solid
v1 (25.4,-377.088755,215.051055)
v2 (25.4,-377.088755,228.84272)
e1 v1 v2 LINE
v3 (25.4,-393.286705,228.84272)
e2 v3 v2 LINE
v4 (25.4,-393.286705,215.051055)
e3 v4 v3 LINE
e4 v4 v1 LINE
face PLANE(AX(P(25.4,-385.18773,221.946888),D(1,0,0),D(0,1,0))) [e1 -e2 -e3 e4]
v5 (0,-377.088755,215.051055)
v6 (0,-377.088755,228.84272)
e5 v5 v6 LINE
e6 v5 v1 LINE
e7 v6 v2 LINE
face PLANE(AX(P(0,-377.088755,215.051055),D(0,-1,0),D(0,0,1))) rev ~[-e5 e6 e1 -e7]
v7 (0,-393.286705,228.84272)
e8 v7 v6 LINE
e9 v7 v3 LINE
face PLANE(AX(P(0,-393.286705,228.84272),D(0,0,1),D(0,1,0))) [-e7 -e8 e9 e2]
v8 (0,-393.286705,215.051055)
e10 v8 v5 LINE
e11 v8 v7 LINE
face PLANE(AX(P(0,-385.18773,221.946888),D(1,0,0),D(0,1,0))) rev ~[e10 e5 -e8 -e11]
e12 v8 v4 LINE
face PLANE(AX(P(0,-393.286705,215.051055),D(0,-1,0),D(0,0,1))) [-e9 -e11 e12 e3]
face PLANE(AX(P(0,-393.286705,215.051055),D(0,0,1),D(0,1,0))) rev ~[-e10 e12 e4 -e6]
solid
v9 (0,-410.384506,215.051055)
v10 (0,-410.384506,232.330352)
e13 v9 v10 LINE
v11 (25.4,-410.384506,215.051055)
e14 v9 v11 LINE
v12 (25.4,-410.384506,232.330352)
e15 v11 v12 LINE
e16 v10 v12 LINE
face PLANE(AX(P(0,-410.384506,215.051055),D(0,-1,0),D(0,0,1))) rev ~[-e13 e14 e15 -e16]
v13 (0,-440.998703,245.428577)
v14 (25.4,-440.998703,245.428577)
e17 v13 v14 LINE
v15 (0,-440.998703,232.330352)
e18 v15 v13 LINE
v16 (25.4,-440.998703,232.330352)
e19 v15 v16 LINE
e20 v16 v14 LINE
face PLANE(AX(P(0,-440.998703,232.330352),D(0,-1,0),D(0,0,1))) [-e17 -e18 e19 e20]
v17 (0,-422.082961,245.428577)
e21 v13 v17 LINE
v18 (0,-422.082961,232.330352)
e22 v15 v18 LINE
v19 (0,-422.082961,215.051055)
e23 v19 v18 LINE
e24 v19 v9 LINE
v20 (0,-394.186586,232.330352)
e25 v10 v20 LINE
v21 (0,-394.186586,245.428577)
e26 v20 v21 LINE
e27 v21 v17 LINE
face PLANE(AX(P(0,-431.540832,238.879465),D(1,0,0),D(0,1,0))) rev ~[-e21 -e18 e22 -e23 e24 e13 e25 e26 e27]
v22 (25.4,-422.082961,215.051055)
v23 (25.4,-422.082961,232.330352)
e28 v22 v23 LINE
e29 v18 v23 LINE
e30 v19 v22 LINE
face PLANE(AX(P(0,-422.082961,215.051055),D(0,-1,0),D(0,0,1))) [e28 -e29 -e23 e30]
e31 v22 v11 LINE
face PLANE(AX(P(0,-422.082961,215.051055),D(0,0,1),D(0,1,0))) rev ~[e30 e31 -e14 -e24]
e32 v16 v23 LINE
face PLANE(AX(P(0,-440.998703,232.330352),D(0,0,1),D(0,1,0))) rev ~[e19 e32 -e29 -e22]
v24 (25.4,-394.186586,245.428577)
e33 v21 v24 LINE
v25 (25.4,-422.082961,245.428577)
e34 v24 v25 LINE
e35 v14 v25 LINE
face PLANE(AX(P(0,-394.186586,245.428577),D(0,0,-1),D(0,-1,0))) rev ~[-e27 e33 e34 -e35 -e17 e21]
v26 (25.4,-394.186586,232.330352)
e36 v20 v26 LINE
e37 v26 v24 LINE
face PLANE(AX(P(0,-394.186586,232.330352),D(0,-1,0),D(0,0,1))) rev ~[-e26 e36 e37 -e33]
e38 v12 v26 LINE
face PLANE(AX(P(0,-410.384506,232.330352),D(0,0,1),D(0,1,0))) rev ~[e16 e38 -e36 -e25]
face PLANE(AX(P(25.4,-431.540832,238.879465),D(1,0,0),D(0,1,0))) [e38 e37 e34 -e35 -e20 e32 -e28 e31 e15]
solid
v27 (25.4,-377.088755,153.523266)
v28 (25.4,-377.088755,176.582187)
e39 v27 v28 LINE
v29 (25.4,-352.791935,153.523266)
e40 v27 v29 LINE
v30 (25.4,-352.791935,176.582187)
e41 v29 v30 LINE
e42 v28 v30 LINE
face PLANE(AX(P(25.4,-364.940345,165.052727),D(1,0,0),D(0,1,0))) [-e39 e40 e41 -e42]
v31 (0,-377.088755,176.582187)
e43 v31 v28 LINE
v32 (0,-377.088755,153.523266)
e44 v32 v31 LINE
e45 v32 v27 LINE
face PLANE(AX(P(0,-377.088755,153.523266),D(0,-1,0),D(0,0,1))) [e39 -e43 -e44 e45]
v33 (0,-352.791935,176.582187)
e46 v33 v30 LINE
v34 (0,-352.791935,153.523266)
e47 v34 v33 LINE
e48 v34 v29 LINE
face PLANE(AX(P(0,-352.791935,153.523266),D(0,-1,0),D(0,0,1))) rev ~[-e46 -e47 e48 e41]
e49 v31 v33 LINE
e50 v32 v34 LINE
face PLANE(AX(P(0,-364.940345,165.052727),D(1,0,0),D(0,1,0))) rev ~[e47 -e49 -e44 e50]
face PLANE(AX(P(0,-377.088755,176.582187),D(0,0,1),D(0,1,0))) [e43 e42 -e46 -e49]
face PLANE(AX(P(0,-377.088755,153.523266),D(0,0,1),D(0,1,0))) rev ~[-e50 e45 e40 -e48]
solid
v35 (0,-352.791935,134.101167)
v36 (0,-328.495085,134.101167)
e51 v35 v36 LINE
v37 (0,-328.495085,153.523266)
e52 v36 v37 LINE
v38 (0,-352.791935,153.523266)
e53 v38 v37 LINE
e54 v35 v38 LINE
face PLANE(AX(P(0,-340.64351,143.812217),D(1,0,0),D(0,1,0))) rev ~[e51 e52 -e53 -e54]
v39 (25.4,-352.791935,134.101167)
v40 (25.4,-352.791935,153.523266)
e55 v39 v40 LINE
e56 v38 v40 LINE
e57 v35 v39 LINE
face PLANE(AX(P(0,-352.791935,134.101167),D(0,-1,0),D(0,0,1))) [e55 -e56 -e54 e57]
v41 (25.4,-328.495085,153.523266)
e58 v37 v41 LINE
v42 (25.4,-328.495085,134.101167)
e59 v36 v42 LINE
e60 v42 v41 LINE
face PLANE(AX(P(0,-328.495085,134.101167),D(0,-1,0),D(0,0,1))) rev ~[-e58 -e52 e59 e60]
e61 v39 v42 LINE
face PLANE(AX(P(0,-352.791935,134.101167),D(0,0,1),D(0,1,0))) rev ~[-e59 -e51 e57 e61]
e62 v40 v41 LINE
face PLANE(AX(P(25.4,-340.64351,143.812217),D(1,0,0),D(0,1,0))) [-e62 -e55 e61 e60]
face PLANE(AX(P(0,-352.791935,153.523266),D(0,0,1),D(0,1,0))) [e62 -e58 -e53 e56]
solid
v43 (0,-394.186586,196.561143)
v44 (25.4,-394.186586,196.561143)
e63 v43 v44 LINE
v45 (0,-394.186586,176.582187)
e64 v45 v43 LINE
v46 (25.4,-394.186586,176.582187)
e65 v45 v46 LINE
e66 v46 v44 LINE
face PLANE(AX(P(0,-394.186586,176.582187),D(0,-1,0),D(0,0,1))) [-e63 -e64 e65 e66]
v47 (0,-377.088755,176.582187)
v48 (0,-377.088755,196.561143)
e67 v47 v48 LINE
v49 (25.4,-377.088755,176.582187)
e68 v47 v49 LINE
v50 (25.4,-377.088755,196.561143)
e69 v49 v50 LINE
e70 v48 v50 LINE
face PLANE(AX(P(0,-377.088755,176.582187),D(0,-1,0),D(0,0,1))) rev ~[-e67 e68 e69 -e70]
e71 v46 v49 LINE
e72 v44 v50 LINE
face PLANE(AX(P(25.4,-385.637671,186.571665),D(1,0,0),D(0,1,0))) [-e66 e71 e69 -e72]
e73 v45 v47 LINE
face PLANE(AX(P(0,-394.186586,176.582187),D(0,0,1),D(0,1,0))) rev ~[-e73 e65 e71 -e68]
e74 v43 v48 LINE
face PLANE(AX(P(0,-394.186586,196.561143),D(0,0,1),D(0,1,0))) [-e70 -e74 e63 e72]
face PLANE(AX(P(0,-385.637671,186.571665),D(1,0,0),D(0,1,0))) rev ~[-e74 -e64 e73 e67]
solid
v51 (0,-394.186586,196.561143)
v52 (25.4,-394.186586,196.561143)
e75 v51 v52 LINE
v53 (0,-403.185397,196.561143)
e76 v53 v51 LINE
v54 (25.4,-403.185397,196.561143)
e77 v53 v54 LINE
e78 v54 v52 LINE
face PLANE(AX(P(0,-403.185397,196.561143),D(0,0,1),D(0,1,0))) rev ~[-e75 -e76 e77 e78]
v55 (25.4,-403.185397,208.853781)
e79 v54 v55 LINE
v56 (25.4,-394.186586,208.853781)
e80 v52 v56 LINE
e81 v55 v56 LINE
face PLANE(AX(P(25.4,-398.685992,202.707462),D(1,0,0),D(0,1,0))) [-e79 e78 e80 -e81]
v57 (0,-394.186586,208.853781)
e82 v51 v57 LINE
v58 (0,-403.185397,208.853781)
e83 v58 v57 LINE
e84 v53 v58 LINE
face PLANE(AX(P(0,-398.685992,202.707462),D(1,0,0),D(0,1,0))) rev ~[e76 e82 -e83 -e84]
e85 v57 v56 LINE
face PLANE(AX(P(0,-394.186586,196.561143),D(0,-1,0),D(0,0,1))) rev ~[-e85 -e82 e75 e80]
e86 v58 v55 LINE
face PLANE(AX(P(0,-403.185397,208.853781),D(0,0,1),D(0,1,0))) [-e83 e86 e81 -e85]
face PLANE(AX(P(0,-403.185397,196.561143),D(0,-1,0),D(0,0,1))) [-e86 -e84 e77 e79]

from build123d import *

# Parameters (mm, degrees)
F0_W     = 18.9157426357
F0_H     = 13.0982249975
F0_W_2   = 11.6984546185
F0_H_2   = 17.2792971134
F1_DEPTH = 25.4
F0_W_3   = 24.296849966
F0_H_3   = 19.4220989943
F0_W_4   = 24.2968201637
F0_H_4   = 23.0589210987
F0_W_5   = 17.0978307724
F0_H_5   = 19.9789553881
F0_W_6   = 8.998811245
F0_H_6   = 12.2926384211
F0_W_7   = 16.1979496479
F0_H_7   = 13.7916654348


with BuildPart() as f1:
    # F0 (on Right) → F1 (new body)
    with BuildSketch(Plane.YZ):
        with Locations((-431.5408319235, 238.8794645667)):
            Rectangle(F0_W, F0_H)
        Polygon((-394.1865861416, 245.4285770655), (-422.0829606056, 245.4285770655), (-422.0829606056, 232.3303520679), (-410.3845059872, 232.3303520679), (-394.1865861416, 232.3303520679), align=None)
        with Locations((-416.2337332964, 223.6907035112)):
            Rectangle(F0_W_2, F0_H_2)
    extrude(amount=F1_DEPTH)


with BuildPart() as f1b:
    # F0 (on Right) → F1, piece 2 (new body)
    with BuildSketch(Plane.YZ):
        with Locations((-340.6435102224, 143.8122168183)):
            Rectangle(F0_W_3, F0_H_3)
    extrude(amount=F1_DEPTH)


with BuildPart() as f1c:
    # F0 (on Right) → F1, piece 3 (new body)
    with BuildSketch(Plane.YZ):
        with Locations((-364.9403452873, 165.0527268648)):
            Rectangle(F0_W_4, F0_H_4)
    extrude(amount=F1_DEPTH)


with BuildPart() as f1d:
    # F0 (on Right) → F1, piece 4 (new body)
    with BuildSketch(Plane.YZ):
        with Locations((-385.6376707554, 186.5716651082)):
            Rectangle(F0_W_5, F0_H_5)
    extrude(amount=F1_DEPTH)


with BuildPart() as f1e:
    # F0 (on Right) → F1, piece 5 (new body)
    with BuildSketch(Plane.YZ):
        with Locations((-398.6859917641, 202.7074620128)):
            Rectangle(F0_W_6, F0_H_6)
    extrude(amount=F1_DEPTH)


with BuildPart() as f1f:
    # F0 (on Right) → F1, piece 6 (new body)
    with BuildSketch(Plane.YZ):
        with Locations((-385.1877301931, 221.9468876719)):
            Rectangle(F0_W_7, F0_H_7)
    extrude(amount=F1_DEPTH)


solid = Compound([f1.part, f1b.part, f1c.part, f1d.part, f1e.part, f1f.part])
